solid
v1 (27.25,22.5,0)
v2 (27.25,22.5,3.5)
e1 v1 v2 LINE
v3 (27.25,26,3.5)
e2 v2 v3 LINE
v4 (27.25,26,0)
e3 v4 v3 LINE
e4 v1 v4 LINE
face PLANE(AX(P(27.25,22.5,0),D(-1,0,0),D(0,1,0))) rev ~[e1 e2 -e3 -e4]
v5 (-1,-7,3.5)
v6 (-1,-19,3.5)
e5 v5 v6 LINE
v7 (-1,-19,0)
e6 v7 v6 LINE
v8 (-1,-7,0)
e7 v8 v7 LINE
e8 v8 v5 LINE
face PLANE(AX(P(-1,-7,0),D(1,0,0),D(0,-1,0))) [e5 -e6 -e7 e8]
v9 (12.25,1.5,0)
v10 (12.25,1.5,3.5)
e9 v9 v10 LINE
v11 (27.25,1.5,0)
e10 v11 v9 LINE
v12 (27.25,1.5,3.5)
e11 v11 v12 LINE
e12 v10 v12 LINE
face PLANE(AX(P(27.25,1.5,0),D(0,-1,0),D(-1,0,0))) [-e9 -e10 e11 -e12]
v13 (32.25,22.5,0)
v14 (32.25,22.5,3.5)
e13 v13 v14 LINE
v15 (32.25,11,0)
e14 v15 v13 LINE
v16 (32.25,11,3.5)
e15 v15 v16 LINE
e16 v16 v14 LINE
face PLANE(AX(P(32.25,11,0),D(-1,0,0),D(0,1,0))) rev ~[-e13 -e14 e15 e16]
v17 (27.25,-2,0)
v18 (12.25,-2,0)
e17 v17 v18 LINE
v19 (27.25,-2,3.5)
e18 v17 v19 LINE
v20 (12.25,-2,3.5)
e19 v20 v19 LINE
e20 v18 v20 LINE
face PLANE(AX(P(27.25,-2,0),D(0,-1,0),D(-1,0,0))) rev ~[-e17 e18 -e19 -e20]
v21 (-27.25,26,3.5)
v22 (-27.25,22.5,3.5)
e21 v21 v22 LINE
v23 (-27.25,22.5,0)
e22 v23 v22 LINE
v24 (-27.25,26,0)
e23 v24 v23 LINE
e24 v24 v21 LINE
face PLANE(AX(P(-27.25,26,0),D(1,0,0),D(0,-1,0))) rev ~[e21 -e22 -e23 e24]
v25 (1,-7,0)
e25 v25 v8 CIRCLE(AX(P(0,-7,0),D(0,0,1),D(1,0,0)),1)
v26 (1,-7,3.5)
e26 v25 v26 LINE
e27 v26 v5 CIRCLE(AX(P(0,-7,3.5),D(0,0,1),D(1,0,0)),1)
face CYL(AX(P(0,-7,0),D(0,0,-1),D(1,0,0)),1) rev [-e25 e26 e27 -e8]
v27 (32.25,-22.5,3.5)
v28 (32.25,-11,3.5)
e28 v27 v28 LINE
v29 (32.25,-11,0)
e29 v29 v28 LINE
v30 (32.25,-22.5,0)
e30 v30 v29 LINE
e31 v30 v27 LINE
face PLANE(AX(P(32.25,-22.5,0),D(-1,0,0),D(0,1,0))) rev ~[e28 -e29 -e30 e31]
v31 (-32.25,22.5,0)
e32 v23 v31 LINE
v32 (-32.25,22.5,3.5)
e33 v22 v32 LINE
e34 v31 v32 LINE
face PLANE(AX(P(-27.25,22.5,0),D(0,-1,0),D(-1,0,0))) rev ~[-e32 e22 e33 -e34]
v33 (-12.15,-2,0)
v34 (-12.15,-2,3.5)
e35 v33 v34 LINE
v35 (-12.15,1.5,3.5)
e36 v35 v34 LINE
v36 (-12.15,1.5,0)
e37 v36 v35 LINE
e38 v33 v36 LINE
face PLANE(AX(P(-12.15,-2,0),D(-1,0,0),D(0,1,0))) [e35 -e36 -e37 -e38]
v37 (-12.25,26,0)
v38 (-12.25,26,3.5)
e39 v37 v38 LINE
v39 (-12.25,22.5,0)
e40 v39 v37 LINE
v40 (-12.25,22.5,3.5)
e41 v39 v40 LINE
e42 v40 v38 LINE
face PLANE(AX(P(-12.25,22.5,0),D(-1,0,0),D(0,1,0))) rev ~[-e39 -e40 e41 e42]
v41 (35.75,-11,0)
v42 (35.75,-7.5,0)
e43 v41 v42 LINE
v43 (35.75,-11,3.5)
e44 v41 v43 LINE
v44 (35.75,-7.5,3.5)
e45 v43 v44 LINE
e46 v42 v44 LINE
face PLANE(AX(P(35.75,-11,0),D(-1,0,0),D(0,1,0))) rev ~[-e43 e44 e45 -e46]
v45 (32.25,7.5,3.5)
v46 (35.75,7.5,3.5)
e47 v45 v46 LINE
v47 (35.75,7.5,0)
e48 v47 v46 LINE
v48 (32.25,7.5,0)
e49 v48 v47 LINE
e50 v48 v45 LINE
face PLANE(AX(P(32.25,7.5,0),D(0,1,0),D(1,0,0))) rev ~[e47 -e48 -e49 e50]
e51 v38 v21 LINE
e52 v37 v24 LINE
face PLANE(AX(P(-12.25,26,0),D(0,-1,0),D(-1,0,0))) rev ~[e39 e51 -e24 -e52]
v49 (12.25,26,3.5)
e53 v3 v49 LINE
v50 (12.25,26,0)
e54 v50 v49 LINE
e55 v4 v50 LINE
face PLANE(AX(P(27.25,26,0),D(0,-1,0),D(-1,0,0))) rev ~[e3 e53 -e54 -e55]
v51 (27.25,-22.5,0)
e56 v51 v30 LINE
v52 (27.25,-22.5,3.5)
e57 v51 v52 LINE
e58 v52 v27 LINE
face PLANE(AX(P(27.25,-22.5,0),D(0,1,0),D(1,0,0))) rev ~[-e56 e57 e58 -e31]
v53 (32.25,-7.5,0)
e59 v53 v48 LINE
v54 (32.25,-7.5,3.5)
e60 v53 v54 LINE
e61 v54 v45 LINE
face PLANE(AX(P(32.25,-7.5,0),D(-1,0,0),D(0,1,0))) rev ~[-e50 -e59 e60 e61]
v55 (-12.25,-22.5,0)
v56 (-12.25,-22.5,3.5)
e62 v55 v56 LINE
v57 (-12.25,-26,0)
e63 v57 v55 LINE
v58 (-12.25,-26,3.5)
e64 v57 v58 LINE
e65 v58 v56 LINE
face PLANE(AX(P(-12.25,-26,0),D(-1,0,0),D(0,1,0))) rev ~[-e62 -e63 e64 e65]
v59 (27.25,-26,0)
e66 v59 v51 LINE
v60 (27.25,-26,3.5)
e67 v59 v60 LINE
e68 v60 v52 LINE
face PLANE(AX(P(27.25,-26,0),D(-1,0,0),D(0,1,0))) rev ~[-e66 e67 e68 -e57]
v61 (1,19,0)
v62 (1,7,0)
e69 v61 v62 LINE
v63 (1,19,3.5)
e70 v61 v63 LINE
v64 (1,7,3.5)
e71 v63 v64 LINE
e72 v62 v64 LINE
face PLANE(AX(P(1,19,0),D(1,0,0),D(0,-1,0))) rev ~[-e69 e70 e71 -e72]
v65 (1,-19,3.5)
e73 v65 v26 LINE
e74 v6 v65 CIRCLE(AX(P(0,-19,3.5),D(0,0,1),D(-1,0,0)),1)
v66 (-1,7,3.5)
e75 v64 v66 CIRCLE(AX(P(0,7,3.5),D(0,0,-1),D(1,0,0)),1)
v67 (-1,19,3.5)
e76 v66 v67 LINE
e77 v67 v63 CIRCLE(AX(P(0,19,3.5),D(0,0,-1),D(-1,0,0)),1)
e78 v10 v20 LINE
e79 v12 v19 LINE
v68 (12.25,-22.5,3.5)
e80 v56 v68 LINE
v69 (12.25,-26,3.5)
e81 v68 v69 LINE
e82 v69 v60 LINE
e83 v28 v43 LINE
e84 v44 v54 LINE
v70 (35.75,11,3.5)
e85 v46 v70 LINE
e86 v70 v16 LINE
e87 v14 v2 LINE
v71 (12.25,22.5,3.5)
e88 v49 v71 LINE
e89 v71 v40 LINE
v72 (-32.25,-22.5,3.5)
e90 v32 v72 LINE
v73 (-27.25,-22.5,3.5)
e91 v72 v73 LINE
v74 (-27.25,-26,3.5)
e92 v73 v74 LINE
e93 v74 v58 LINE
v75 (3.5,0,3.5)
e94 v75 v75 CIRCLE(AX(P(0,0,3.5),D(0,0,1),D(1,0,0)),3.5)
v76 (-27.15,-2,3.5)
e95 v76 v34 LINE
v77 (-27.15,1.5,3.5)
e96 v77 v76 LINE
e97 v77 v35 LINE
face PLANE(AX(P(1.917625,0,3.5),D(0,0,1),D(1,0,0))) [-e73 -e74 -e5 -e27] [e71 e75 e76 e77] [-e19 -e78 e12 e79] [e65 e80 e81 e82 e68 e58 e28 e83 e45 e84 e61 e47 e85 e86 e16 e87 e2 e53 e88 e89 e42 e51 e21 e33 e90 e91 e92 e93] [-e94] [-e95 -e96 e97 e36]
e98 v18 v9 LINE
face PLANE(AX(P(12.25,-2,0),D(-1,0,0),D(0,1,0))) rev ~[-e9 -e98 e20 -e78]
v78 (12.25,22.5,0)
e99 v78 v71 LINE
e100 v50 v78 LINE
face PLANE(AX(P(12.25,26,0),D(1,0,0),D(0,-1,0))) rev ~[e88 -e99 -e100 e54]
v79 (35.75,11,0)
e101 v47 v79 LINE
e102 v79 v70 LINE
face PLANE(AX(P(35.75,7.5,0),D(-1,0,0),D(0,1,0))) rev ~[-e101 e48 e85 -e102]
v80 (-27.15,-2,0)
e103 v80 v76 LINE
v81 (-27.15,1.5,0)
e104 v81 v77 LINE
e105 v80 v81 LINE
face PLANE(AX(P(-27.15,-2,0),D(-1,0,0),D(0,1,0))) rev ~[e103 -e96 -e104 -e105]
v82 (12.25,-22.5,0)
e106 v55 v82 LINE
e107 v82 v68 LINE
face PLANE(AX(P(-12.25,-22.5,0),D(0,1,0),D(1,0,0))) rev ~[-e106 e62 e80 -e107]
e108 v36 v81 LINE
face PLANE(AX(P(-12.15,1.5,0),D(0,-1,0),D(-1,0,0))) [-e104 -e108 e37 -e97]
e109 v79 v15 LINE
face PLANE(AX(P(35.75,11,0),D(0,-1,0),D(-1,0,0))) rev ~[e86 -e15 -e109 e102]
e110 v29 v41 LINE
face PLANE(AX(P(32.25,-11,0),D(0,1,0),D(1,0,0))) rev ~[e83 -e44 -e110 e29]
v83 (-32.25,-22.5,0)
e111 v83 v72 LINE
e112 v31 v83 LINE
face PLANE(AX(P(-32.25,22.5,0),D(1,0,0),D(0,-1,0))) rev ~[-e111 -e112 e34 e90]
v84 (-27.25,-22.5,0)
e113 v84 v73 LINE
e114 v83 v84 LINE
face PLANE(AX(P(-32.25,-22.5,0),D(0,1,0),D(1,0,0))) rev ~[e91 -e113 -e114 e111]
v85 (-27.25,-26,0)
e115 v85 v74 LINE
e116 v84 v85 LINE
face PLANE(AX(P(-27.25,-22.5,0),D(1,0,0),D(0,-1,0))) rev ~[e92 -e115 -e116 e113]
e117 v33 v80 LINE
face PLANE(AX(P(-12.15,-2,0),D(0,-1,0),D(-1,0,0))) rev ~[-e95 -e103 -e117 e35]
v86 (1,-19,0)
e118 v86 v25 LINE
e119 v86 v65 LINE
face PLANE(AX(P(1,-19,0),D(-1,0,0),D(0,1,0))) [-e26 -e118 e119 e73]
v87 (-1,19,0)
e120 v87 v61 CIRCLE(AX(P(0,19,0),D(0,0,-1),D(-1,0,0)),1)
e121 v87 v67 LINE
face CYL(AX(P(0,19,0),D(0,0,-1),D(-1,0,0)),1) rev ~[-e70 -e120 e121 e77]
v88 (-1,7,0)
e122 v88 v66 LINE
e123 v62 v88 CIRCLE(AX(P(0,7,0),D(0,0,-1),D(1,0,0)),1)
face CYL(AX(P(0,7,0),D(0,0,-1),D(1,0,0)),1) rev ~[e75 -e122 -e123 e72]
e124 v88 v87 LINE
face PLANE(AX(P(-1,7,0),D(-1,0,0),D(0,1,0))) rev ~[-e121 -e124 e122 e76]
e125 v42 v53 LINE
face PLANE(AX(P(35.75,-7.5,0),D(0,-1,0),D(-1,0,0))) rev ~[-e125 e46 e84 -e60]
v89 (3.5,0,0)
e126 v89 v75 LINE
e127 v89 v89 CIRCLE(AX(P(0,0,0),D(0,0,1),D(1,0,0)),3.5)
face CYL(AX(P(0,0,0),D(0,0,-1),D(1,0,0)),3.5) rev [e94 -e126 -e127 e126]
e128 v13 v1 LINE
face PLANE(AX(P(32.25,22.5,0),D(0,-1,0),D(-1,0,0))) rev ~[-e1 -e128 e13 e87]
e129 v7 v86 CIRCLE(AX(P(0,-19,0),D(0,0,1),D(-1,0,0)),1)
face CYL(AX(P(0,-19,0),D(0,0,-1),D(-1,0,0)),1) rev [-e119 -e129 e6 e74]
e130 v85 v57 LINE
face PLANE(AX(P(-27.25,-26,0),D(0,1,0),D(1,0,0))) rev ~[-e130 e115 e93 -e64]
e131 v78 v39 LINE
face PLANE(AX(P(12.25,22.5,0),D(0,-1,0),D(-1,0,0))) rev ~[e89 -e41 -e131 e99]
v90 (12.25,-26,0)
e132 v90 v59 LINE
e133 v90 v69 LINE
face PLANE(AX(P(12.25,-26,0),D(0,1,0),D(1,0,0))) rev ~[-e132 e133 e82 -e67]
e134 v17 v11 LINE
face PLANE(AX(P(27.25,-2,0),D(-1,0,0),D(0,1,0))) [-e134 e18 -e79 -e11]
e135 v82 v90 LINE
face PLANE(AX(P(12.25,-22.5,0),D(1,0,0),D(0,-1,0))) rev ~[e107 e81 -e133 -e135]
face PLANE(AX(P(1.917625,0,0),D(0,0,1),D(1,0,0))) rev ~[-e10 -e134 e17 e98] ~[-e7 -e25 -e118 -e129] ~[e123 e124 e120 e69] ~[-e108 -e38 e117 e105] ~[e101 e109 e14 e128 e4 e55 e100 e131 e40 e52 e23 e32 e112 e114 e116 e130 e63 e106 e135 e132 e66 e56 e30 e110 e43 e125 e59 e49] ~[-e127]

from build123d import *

# Parameters (mm, degrees)
SKETCH1_R           = 3.5
BOSS_EXTRUDE1_DEPTH = 3.5
SKETCH2_W           = 15
SKETCH2_H           = 3.5
CUT_EXTRUDE1_DEPTH  = 45.343122353


with BuildPart() as part:
    # Sketch1 → Boss-Extrude1 (new body)
    with BuildSketch(Plane.XY):
        Polygon((27.25, -26), (27.25, -22.5), (32.25, -22.5), (32.25, -11), (35.75, -11), (35.75, -7.5), (32.25, -7.5), (32.25, 7.5), (35.75, 7.5), (35.75, 11), (32.25, 11), (32.25, 22.5), (27.25, 22.5), (27.25, 26), (12.25, 26), (12.25, 22.5), (-12.25, 22.5), (-12.25, 26), (-27.25, 26), (-27.25, 22.5), (-32.25, 22.5), (-32.25, -22.5), (-27.25, -22.5), (-27.25, -26), (-12.25, -26), (-12.25, -22.5), (12.25, -22.5), (12.25, -26), align=None)
        Circle(SKETCH1_R, mode=Mode.SUBTRACT)
        with BuildLine():
            Line((1, 19), (1, 7))
            ThreePointArc((1, 7), (0, 6), (-1, 7))
            Line((-1, 7), (-1, 19))
            ThreePointArc((-1, 19), (0, 20), (1, 19))
        make_face(mode=Mode.SUBTRACT)
        with BuildLine():
            Line((1, -19), (1, -7))
            ThreePointArc((1, -7), (0, -6), (-1, -7))
            Line((-1, -7), (-1, -19))
            ThreePointArc((-1, -19), (0, -20), (1, -19))
        make_face(mode=Mode.SUBTRACT)
    extrude(amount=BOSS_EXTRUDE1_DEPTH)

    # Sketch2 → Cut-Extrude1 (cut, through all)
    with BuildSketch(Plane(origin=(0, 0, 0), x_dir=(-1, 0, 0), z_dir=(0, 0, -1))):
        with Locations((19.65, -0.25)):
            Rectangle(SKETCH2_W, SKETCH2_H)
        with Locations((-19.75, -0.25)):
            Rectangle(SKETCH2_W, SKETCH2_H)
    extrude(amount=-CUT_EXTRUDE1_DEPTH, mode=Mode.SUBTRACT)


solid = part.part
